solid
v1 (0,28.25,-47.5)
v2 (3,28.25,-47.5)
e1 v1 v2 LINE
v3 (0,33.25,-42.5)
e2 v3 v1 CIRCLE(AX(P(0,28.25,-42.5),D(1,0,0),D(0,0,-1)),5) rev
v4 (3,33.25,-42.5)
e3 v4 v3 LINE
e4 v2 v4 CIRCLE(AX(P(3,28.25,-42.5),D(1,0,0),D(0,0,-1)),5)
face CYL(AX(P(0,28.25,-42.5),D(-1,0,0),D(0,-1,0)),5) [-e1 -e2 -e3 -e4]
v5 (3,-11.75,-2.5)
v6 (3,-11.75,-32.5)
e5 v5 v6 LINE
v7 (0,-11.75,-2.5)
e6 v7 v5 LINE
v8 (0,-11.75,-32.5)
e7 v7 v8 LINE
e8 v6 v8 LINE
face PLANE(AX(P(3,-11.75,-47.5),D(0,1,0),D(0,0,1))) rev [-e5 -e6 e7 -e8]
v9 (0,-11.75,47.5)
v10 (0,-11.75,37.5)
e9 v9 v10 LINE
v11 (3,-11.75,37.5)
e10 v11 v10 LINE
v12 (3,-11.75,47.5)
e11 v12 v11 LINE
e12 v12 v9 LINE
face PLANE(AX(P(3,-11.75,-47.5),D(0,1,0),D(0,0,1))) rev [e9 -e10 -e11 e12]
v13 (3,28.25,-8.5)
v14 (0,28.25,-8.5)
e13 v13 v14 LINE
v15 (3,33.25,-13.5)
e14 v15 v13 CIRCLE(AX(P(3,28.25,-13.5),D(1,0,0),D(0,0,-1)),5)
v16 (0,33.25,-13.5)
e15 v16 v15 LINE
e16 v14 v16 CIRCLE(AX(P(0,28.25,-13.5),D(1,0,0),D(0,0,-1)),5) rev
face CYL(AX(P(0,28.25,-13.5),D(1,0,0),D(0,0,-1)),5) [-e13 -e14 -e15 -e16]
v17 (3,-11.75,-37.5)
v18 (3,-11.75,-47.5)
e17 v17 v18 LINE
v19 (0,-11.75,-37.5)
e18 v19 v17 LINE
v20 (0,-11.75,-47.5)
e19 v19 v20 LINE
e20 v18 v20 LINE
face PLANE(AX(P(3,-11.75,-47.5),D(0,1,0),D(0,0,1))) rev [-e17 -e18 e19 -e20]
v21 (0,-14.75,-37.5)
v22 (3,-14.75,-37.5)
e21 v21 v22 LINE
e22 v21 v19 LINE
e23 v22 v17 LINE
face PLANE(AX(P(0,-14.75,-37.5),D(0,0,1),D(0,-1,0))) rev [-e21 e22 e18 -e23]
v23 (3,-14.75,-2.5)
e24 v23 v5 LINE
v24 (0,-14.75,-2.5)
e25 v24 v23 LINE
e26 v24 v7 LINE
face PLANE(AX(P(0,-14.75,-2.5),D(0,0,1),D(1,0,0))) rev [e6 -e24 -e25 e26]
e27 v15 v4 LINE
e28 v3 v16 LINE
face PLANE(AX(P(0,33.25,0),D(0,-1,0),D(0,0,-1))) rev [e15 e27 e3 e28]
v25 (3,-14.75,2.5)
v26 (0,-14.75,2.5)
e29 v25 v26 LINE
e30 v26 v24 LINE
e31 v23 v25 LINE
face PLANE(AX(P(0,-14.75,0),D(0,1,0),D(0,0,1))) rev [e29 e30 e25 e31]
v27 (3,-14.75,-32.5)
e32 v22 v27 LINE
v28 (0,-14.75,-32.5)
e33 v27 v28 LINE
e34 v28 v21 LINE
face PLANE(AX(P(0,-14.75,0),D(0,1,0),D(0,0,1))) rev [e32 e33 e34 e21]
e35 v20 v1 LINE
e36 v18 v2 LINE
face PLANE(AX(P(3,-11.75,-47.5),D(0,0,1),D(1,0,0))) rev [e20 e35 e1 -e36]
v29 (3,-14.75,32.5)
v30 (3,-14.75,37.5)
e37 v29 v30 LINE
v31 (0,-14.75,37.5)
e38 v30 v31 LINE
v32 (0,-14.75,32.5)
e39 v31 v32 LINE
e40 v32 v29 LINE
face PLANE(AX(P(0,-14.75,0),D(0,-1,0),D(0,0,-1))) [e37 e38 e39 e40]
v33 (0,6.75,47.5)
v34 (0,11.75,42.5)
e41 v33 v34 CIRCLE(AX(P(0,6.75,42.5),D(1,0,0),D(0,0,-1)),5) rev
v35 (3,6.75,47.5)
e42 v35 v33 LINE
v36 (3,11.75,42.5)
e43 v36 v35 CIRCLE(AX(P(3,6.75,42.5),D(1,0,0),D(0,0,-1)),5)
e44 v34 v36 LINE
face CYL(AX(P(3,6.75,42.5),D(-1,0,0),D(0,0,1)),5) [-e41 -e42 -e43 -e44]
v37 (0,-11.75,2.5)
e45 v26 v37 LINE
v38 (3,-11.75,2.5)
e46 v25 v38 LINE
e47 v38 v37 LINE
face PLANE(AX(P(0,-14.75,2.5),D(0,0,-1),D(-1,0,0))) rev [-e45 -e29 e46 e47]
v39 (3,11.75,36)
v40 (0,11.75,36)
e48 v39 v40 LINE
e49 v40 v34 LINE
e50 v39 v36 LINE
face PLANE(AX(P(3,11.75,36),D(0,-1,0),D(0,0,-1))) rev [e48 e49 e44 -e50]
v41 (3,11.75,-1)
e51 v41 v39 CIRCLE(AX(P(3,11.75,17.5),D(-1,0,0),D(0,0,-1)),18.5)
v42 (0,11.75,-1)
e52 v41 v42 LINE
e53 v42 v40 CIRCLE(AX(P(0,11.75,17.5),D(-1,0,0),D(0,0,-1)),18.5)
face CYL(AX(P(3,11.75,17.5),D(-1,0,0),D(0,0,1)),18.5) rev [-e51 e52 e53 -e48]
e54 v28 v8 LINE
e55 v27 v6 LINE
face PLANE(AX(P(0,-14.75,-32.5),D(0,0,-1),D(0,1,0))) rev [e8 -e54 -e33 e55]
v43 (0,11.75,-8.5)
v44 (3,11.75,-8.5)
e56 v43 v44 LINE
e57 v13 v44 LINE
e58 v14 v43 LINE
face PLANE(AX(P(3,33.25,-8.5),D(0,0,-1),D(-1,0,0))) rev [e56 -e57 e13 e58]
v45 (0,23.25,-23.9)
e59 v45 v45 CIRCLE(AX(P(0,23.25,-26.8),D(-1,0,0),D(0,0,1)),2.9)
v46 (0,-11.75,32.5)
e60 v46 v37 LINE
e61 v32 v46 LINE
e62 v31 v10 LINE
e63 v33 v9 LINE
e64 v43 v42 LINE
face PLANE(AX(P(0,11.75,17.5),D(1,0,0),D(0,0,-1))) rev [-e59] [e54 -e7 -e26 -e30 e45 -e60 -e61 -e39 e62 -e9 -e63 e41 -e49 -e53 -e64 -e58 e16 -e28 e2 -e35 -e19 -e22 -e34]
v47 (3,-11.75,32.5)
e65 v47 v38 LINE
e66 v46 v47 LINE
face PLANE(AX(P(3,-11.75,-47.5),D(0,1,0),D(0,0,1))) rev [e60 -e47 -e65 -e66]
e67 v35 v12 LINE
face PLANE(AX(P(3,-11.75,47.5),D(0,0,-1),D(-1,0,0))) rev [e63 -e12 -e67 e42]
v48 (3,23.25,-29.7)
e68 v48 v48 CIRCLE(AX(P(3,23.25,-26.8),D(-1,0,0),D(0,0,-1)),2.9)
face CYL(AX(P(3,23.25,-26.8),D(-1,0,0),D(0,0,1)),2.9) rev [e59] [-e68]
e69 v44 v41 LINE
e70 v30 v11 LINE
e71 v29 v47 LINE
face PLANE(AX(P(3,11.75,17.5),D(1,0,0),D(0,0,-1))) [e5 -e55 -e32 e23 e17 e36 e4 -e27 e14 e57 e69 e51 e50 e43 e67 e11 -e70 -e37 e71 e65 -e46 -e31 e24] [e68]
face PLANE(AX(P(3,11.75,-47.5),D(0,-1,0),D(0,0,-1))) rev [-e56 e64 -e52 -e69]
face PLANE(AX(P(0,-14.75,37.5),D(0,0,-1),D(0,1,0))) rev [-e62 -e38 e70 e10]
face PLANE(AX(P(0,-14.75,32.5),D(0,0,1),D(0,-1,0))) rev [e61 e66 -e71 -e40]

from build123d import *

# Parameters (mm, degrees)
BOSS_EXTRUDE1_DEPTH = 3
SKETCH3_W           = 3
SKETCH3_H           = 5
BOSS_EXTRUDE2_DEPTH = 3
SKETCH5_W           = 3
SKETCH5_H           = 39
BOSS_EXTRUDE3_DEPTH = 21.5
CUT_EXTRUDE3_DEPTH  = 4
FILLET1_R           = 5


with BuildPart() as part:
    # Sketch1 → Boss-Extrude1 (new body)
    with BuildSketch(Plane(origin=(0, 0, 0), x_dir=(0, 0, -1), z_dir=(1, 0, 0))):
        with BuildLine():
            Line((-36, 11.75), (-47.5, 11.75))
            Line((-47.5, 11.75), (-47.5, -11.75))
            Line((-47.5, -11.75), (47.5, -11.75))
            Line((47.5, -11.75), (47.5, 11.75))
            Line((47.5, 11.75), (1, 11.75))
            ThreePointArc((1, 11.75), (-17.5, -6.75), (-36, 11.75))
        make_face()
    extrude(amount=BOSS_EXTRUDE1_DEPTH)

    # Sketch3 → Boss-Extrude2 (add)
    with BuildSketch(Plane.XZ.offset(11.75)):
        with Locations((1.5, -35)):
            Rectangle(SKETCH3_W, SKETCH3_H)
        with Locations((1.5, 0)):
            Rectangle(SKETCH3_W, SKETCH3_H)
        with Locations((1.5, 35)):
            Rectangle(SKETCH3_W, SKETCH3_H)
    extrude(amount=BOSS_EXTRUDE2_DEPTH)

    # Sketch5 → Boss-Extrude3 (add)
    with BuildSketch(Plane(origin=(0, 11.75, 0), x_dir=(1, 0, 0), z_dir=(0, 1, 0))):
        with Locations((1.5, 28)):
            Rectangle(SKETCH5_W, SKETCH5_H)
    extrude(amount=BOSS_EXTRUDE3_DEPTH)

    # Sketch7 → Cut-Extrude3 (cut, through all)
    with BuildSketch(Plane.ZY):
        with BuildLine():
            ThreePointArc((-29.7, 23.25), (-26.8, 20.35), (-23.9, 23.25))
            ThreePointArc((-23.9, 23.25), (-26.8, 26.15), (-29.7, 23.25))
        make_face()
    extrude(amount=-CUT_EXTRUDE3_DEPTH, mode=Mode.SUBTRACT)

    # Fillet1
    fillet1_edges = [part.edges().sort_by_distance(p)[0] for p in [
        (1.5, 11.75, 47.5),
        (1.5, 33.25, -47.5),
        (1.5, 33.25, -8.5),
    ]]
    fillet(fillet1_edges, radius=FILLET1_R)


solid = part.part
